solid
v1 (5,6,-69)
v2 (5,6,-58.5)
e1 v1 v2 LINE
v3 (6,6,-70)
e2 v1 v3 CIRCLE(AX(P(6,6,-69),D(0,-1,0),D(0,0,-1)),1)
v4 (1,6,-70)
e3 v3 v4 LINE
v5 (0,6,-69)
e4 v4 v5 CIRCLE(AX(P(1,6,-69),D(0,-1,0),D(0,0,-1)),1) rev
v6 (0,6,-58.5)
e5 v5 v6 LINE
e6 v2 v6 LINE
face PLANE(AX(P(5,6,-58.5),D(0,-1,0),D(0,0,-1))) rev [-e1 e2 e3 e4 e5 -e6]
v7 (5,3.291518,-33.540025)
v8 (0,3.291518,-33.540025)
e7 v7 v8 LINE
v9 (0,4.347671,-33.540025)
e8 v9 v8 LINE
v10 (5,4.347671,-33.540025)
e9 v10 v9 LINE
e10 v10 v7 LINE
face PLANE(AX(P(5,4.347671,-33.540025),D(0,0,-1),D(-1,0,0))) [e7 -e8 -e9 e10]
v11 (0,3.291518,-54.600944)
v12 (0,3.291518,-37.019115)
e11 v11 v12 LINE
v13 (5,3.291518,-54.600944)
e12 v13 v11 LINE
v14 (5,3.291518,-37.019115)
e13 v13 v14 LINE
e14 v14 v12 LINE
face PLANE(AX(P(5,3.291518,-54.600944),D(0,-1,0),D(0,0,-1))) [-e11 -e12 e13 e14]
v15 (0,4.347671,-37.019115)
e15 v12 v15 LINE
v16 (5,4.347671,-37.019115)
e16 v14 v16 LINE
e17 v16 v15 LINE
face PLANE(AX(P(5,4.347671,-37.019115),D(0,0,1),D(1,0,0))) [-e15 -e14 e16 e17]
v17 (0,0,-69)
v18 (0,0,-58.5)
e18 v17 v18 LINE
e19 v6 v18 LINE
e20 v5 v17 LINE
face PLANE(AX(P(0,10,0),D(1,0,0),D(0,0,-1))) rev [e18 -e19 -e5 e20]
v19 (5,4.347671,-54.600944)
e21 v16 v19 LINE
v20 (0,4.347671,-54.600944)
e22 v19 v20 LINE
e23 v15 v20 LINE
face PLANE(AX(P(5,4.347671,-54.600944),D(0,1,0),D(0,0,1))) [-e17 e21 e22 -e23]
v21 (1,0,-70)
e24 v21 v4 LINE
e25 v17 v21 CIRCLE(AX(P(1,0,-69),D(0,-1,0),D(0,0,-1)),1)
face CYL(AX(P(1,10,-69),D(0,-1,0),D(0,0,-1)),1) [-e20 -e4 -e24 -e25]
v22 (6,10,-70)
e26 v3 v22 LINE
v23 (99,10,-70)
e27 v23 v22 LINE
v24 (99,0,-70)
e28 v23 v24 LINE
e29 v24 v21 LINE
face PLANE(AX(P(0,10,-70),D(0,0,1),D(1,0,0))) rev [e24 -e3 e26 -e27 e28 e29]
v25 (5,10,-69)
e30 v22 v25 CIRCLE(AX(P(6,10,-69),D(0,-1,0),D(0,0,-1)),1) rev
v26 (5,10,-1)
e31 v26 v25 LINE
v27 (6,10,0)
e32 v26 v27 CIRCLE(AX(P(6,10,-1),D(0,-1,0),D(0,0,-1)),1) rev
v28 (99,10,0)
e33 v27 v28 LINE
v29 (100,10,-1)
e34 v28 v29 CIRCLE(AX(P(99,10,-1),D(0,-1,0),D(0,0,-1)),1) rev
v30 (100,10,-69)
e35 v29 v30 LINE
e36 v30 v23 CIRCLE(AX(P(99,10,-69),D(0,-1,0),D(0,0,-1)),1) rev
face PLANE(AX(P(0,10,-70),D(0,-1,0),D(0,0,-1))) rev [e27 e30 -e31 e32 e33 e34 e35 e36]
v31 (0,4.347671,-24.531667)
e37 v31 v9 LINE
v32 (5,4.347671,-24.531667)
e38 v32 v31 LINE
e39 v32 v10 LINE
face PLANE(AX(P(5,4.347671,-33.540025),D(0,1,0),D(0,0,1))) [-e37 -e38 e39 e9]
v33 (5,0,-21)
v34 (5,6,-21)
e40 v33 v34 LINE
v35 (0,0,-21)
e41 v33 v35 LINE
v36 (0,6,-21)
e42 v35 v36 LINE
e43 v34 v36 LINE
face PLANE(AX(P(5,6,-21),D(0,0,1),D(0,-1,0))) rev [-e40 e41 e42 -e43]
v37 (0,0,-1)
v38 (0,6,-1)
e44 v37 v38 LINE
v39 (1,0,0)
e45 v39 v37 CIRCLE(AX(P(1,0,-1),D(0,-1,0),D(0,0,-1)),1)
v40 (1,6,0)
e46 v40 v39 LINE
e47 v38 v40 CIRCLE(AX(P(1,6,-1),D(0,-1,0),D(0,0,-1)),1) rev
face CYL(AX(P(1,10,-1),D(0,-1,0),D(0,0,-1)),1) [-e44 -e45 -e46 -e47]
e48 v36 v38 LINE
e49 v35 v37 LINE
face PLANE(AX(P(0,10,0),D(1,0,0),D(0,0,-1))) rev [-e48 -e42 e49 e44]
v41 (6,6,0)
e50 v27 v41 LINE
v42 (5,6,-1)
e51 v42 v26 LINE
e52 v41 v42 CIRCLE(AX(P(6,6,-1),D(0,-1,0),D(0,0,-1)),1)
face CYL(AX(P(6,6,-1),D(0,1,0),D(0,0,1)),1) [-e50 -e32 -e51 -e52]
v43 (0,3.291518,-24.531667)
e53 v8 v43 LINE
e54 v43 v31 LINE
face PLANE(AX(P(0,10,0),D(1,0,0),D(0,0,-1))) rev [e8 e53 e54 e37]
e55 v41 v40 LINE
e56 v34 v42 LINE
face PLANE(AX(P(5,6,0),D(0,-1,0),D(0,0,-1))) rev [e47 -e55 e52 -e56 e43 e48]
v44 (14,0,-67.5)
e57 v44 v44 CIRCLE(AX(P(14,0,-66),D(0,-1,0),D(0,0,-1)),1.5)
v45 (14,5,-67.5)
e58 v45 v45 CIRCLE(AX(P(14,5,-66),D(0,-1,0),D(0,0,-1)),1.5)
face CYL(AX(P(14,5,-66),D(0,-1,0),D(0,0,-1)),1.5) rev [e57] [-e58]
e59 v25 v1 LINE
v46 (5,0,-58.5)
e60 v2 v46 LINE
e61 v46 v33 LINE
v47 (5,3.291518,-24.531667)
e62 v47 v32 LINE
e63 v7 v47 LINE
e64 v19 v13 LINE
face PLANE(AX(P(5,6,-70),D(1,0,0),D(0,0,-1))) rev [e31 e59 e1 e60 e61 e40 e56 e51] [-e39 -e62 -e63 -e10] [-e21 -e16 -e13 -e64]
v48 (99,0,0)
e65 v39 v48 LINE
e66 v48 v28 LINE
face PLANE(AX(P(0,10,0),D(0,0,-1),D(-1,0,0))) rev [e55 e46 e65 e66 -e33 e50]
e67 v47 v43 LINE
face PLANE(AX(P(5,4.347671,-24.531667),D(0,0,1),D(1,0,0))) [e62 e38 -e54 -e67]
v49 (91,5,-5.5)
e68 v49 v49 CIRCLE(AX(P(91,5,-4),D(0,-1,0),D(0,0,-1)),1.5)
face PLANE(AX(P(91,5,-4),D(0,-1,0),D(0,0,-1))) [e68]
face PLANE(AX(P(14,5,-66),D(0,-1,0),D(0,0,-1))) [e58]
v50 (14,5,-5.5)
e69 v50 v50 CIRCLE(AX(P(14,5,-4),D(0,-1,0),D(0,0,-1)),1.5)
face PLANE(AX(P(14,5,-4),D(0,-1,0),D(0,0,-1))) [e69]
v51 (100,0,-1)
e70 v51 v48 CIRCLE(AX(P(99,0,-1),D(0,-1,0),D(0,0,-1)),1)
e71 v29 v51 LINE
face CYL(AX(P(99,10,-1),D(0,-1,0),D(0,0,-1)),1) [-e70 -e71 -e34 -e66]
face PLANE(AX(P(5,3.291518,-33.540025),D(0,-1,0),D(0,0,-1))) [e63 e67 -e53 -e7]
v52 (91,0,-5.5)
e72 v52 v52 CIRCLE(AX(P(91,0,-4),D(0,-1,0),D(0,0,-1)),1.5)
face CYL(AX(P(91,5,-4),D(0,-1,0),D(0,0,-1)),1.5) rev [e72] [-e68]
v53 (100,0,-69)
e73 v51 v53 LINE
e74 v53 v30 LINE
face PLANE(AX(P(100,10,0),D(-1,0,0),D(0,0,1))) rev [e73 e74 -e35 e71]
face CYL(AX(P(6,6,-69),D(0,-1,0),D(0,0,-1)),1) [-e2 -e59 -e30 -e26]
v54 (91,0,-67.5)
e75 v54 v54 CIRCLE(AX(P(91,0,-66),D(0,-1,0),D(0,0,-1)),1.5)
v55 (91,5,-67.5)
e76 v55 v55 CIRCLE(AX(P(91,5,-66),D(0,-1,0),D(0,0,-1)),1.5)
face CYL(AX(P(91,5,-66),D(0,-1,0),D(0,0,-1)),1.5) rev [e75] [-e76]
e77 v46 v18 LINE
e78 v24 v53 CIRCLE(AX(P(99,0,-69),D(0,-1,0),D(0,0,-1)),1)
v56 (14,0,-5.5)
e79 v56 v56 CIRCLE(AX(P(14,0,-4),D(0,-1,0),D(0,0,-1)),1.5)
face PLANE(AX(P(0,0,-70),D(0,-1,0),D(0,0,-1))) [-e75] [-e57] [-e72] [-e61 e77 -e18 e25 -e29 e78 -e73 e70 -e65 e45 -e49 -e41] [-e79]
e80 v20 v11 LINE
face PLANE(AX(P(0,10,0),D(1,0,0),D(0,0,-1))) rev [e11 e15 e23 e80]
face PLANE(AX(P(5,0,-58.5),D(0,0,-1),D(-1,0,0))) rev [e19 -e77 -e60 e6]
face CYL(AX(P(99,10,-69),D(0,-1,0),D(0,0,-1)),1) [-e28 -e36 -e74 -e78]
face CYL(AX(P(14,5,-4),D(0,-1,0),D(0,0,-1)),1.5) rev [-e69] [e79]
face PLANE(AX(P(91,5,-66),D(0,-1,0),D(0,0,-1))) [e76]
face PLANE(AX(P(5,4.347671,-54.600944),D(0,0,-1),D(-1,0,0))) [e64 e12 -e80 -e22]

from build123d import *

# Parameters (mm, degrees)
SKETCH1_W           = 100
SKETCH1_H           = 70
BOSS_EXTRUDE1_DEPTH = 10
SKETCH2_R           = 1.5
CUT_EXTRUDE1_DEPTH  = 5
SKETCH3_W           = 17.581829542
SKETCH3_H           = 1.056152304
SKETCH3_W_2         = 9.008357892
CUT_EXTRUDE2_DEPTH  = 5
FILLET1_R           = 1


with BuildPart() as part:
    # Sketch1 → Boss-Extrude1 (new body)
    with BuildSketch(Plane(origin=(0, 0, 0), x_dir=(1, 0, 0), z_dir=(0, 1, 0))):
        with Locations((50, 35)):
            Rectangle(SKETCH1_W, SKETCH1_H)
    extrude(amount=BOSS_EXTRUDE1_DEPTH)

    # Sketch2 → Cut-Extrude1 (cut)
    with BuildSketch(Plane.XZ):
        with Locations((14, -4)):
            Circle(SKETCH2_R)
        with Locations((14, -66)):
            Circle(SKETCH2_R)
        with Locations((91, -66)):
            Circle(SKETCH2_R)
        with Locations((91, -4)):
            Circle(SKETCH2_R)
    extrude(amount=-CUT_EXTRUDE1_DEPTH, mode=Mode.SUBTRACT)

    # Sketch3 → Cut-Extrude2 (cut)
    with BuildSketch(Plane.ZY):
        Polygon((-70, 6), (-70, 10), (0, 10), (0, 6), (-21, 6), (-21, 0), (-58.5, 0), (-58.5, 6), align=None)
        with Locations((-45.810029471, 3.819594483)):
            Rectangle(SKETCH3_W, SKETCH3_H, mode=Mode.SUBTRACT)
        with Locations((-29.035845809, 3.819594483)):
            Rectangle(SKETCH3_W_2, SKETCH3_H, mode=Mode.SUBTRACT)
    extrude(amount=-CUT_EXTRUDE2_DEPTH, mode=Mode.SUBTRACT)

    # Fillet1
    fillet1_edges = [part.edges().sort_by_distance(p)[0] for p in [
        (0, 3, -70),
        (0, 3, 0),
        (5, 8, -70),
        (5, 8, 0),
        (100, 5, -70),
        (100, 5, 0),
    ]]
    fillet(fillet1_edges, radius=FILLET1_R)


solid = part.part
